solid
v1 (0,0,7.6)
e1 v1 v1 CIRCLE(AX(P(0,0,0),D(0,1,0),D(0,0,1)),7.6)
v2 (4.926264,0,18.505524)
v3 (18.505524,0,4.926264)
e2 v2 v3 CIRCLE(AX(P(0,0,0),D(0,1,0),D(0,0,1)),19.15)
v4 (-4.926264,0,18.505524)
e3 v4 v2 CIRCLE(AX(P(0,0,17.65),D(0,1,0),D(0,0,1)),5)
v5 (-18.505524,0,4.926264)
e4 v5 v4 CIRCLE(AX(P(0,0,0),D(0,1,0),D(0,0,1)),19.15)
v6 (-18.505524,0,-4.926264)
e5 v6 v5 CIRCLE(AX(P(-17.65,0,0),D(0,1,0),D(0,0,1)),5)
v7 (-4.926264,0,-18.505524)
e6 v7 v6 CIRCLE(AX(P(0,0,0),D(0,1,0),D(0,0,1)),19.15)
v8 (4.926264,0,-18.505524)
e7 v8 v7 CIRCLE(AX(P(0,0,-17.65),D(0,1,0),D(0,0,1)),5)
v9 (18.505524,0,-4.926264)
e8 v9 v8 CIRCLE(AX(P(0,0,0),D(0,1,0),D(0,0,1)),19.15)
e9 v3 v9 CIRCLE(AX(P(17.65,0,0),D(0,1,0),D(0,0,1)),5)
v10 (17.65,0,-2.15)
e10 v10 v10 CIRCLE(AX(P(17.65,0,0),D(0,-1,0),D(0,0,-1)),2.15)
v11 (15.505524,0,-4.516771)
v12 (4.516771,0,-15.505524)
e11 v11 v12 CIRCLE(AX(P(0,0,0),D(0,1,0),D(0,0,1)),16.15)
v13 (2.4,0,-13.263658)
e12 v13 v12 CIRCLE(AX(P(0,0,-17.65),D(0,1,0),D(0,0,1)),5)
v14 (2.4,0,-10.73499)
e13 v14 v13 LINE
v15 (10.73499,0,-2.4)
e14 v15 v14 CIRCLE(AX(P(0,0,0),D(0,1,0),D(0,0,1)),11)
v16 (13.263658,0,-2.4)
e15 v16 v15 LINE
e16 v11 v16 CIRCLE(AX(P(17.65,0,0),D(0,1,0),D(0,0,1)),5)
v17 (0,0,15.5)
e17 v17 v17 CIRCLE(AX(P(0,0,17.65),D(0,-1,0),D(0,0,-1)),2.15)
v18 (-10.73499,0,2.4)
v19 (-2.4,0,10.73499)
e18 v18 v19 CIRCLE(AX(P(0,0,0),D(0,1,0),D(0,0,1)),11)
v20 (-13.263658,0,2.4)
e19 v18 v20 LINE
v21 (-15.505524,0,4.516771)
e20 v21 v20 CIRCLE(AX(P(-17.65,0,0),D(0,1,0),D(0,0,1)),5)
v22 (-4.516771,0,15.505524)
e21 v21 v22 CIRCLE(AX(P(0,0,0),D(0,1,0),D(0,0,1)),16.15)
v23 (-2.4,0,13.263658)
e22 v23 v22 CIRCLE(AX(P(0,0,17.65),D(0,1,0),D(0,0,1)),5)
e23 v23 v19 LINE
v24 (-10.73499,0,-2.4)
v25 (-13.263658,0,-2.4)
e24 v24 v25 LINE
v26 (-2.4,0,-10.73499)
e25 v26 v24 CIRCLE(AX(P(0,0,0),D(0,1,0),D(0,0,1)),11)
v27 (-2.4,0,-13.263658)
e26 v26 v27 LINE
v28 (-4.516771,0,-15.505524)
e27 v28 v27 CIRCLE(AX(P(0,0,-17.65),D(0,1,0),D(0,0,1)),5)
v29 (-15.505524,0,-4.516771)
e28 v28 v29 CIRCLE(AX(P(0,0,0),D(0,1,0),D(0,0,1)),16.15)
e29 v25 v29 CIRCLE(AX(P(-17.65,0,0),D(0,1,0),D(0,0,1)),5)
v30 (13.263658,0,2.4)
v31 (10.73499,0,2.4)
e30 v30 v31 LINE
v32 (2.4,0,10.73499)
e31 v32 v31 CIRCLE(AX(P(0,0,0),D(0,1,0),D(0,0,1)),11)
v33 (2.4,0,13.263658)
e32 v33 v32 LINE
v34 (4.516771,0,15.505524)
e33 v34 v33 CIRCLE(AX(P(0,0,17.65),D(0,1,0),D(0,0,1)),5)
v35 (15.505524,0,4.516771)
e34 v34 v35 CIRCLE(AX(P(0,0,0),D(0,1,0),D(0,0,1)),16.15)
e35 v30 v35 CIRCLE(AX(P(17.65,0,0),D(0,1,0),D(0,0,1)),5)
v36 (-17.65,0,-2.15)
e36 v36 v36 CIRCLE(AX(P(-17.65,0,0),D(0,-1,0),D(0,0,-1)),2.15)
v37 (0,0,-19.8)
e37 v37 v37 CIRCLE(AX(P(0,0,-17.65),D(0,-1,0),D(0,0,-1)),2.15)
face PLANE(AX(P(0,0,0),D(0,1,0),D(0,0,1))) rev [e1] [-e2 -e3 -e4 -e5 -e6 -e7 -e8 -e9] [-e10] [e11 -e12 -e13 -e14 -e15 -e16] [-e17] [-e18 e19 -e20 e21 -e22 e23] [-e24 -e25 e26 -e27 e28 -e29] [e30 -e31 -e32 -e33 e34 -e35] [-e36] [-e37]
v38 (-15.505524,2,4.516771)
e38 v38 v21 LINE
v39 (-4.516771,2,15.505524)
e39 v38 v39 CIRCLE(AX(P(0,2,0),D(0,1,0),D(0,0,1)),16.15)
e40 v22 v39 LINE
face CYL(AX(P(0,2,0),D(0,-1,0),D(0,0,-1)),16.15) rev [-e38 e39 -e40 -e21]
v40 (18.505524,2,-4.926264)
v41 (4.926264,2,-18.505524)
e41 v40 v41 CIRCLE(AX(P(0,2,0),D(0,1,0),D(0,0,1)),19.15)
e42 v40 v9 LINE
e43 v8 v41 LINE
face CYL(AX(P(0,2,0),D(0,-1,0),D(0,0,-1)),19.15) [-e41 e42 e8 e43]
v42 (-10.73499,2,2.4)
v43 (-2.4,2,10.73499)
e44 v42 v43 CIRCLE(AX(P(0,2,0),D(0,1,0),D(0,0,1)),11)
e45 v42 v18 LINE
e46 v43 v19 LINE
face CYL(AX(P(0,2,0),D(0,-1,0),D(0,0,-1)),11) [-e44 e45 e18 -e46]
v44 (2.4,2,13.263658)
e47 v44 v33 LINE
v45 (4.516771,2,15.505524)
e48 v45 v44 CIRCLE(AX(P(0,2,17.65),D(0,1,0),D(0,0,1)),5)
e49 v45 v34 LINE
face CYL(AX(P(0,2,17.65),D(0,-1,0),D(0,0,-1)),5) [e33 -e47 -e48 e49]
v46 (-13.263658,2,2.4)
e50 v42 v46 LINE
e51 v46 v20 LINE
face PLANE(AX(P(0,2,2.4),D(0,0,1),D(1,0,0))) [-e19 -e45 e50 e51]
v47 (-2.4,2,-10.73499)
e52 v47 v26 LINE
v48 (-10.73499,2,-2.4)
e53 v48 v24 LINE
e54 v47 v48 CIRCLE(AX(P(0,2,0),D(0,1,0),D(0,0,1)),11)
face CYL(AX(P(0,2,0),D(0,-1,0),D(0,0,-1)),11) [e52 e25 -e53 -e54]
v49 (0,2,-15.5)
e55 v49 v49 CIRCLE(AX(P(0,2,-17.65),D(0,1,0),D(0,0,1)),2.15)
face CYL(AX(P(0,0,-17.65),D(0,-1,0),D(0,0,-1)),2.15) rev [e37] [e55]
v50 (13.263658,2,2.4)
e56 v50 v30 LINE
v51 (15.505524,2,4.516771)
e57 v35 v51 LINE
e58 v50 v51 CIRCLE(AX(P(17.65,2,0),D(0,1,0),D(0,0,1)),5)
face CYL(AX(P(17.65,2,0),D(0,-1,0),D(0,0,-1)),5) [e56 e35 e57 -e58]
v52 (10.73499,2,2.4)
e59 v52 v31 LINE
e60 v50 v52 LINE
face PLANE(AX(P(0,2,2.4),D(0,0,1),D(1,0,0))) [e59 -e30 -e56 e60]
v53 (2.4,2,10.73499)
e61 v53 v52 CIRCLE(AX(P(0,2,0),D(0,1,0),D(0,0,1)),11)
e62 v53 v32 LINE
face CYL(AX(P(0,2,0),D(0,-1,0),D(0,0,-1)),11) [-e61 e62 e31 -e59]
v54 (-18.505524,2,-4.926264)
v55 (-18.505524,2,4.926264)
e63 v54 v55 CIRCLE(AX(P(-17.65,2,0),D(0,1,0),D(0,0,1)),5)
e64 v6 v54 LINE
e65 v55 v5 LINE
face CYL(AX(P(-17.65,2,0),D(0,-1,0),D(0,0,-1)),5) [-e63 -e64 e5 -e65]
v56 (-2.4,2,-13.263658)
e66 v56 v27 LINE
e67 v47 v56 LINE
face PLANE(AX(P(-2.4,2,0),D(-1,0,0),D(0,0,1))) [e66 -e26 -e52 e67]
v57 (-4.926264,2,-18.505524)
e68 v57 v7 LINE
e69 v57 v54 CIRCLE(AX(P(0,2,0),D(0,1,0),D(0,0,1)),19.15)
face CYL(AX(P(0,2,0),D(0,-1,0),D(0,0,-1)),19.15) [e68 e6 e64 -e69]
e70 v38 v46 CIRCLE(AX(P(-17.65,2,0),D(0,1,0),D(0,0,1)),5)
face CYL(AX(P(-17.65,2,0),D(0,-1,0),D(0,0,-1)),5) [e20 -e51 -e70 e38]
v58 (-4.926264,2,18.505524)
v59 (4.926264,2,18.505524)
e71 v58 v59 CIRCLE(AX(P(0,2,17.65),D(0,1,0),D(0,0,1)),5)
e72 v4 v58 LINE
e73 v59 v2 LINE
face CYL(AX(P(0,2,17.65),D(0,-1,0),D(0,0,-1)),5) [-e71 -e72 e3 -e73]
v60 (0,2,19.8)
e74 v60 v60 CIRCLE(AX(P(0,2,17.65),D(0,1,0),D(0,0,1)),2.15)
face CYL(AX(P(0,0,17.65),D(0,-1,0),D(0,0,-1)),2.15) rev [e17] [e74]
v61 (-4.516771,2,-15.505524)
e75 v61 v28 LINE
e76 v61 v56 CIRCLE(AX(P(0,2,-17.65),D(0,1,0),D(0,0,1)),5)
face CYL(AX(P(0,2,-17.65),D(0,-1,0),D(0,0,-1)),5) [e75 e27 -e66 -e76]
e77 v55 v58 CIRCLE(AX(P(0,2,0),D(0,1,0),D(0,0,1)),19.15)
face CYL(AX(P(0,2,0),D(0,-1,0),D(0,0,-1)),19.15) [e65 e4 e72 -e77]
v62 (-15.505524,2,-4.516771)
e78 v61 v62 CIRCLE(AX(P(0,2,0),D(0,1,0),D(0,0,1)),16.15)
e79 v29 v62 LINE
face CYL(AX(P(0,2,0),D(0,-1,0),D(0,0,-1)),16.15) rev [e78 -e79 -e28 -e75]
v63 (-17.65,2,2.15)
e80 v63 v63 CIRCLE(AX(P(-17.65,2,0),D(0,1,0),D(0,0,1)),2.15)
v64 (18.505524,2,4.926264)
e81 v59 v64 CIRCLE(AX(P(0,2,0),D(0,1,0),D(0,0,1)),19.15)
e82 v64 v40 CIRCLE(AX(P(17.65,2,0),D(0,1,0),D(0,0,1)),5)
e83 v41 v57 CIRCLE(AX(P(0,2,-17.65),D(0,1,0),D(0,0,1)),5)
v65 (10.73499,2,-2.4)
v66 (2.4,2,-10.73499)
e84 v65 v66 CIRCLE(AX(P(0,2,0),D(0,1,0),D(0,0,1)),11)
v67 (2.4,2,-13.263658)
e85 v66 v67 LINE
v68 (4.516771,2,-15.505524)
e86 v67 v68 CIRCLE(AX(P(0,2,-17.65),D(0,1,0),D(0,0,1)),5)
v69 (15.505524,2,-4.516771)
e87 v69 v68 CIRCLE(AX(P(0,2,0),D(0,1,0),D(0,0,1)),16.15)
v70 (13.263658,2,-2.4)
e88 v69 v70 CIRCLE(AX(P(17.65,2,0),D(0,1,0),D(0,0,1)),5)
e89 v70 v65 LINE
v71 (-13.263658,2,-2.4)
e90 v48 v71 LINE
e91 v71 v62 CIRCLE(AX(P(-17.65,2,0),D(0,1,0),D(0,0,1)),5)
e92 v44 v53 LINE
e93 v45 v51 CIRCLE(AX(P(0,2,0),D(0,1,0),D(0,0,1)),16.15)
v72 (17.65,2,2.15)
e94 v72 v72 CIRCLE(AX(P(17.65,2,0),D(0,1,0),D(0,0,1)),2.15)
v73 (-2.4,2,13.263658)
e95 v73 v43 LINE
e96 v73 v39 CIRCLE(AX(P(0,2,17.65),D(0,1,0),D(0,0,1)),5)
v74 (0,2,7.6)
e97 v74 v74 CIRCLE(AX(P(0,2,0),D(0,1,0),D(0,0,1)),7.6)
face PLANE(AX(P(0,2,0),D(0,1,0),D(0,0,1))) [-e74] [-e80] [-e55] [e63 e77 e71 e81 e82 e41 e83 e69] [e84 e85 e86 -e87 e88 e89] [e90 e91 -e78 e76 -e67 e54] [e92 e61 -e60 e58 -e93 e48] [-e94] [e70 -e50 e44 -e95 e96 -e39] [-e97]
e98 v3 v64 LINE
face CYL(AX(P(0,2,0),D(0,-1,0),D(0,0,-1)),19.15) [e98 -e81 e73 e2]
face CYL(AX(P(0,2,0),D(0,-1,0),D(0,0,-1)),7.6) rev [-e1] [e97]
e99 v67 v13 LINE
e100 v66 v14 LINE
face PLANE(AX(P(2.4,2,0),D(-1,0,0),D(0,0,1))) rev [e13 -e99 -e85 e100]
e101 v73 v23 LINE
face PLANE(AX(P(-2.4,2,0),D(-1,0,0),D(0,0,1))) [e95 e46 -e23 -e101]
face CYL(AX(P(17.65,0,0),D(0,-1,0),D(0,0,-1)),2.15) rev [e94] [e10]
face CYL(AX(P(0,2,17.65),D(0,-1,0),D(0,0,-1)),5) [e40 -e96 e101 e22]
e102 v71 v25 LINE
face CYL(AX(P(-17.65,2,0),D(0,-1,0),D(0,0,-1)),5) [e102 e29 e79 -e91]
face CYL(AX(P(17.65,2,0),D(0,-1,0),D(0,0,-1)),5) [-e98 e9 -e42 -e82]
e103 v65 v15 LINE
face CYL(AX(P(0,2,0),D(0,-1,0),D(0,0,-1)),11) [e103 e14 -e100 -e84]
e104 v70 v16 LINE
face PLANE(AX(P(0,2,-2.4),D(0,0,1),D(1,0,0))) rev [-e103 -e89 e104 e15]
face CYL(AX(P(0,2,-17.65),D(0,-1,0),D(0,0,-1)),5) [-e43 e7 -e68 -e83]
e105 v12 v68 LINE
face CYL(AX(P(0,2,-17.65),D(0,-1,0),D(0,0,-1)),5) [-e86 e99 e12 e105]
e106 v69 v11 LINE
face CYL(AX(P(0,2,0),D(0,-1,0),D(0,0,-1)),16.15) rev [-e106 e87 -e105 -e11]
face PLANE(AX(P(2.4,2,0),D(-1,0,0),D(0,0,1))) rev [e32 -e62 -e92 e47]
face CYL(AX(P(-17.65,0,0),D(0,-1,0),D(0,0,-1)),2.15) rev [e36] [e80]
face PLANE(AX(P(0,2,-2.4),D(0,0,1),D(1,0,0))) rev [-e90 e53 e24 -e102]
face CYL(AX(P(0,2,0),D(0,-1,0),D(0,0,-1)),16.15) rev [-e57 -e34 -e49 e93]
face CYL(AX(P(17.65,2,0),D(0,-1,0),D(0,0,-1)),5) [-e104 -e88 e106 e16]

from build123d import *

# Parameters (mm, degrees)
SKETCH1_R                = 7.6
BOSS_EXTRUDE1_DEPTH      = 2
M4_CLEARANCE_HOLE1_D     = 4.3
M4_CLEARANCE_HOLE1_DEPTH = 8
M4_CLEARANCE_HOLE1_TIP   = 1.291850331


with BuildPart() as part:
    # Sketch1 → Boss-Extrude1 (new body)
    with BuildSketch(Plane(origin=(0, 0, 0), x_dir=(1, 0, 0), z_dir=(0, 1, 0))):
        with BuildLine():
            ThreePointArc((-4.926264158, -18.505524079), (0, -22.65), (4.926264158, -18.505524079))
            ThreePointArc((4.926264158, -18.505524079), (13.54109486, -13.54109486), (18.505524079, -4.926264158))
            ThreePointArc((18.505524079, -4.926264158), (22.65, 0), (18.505524079, 4.926264158))
            ThreePointArc((18.505524079, 4.926264158), (13.54109486, 13.54109486), (4.926264158, 18.505524079))
            ThreePointArc((4.926264158, 18.505524079), (0, 22.65), (-4.926264158, 18.505524079))
            ThreePointArc((-4.926264158, 18.505524079), (-13.54109486, 13.54109486), (-18.505524079, 4.926264158))
            ThreePointArc((-18.505524079, 4.926264158), (-22.65, 0), (-18.505524079, -4.926264158))
            ThreePointArc((-18.505524079, -4.926264158), (-13.54109486, -13.54109486), (-4.926264158, -18.505524079))
        make_face()
        with BuildLine():
            ThreePointArc((-4.516771305, -15.505524079), (-11.419774516, -11.419774516), (-15.505524079, -4.516771305))
            ThreePointArc((-15.505524079, -4.516771305), (-14.21735127, -3.635508588), (-13.26365756, -2.4))
            Line((-13.26365756, -2.4), (-10.73498952, -2.4))
            ThreePointArc((-10.73498952, -2.4), (-7.778174593, -7.778174593), (-2.4, -10.73498952))
            Line((-2.4, -10.73498952), (-2.4, -13.26365756))
            ThreePointArc((-2.4, -13.26365756), (-3.635508588, -14.21735127), (-4.516771305, -15.505524079))
        make_face(mode=Mode.SUBTRACT)
        with BuildLine():
            ThreePointArc((4.516771305, -15.505524079), (3.635508588, -14.21735127), (2.4, -13.26365756))
            Line((2.4, -13.26365756), (2.4, -10.73498952))
            ThreePointArc((2.4, -10.73498952), (7.778174593, -7.778174593), (10.73498952, -2.4))
            Line((10.73498952, -2.4), (13.26365756, -2.4))
            ThreePointArc((13.26365756, -2.4), (14.21735127, -3.635508588), (15.505524079, -4.516771305))
            ThreePointArc((15.505524079, -4.516771305), (11.419774516, -11.419774516), (4.516771305, -15.505524079))
        make_face(mode=Mode.SUBTRACT)
        with BuildLine():
            Line((-10.73498952, 2.4), (-13.26365756, 2.4))
            ThreePointArc((-13.26365756, 2.4), (-14.21735127, 3.635508588), (-15.505524079, 4.516771305))
            ThreePointArc((-15.505524079, 4.516771305), (-11.419774516, 11.419774516), (-4.516771305, 15.505524079))
            ThreePointArc((-4.516771305, 15.505524079), (-3.635508588, 14.21735127), (-2.4, 13.26365756))
            Line((-2.4, 13.26365756), (-2.4, 10.73498952))
            ThreePointArc((-2.4, 10.73498952), (-7.778174593, 7.778174593), (-10.73498952, 2.4))
        make_face(mode=Mode.SUBTRACT)
        with Locations(Location((0, 0, 0), (0, 0, 270))):
            Circle(SKETCH1_R, mode=Mode.SUBTRACT)
        with BuildLine():
            Line((2.4, 10.73498952), (2.4, 13.26365756))
            ThreePointArc((2.4, 13.26365756), (3.635508588, 14.21735127), (4.516771305, 15.505524079))
            ThreePointArc((4.516771305, 15.505524079), (11.419774516, 11.419774516), (15.505524079, 4.516771305))
            ThreePointArc((15.505524079, 4.516771305), (14.21735127, 3.635508588), (13.26365756, 2.4))
            Line((13.26365756, 2.4), (10.73498952, 2.4))
            ThreePointArc((10.73498952, 2.4), (7.778174593, 7.778174593), (2.4, 10.73498952))
        make_face(mode=Mode.SUBTRACT)
    extrude(amount=BOSS_EXTRUDE1_DEPTH)

    # M4 Clearance Hole1
    with Locations(Plane(origin=(0, 0, 0), x_dir=(-1, 0, 0), z_dir=(0, -1, 0))):
        with Locations((-17.65, 0), (0, 17.65), (17.65, 0), (0, -17.65)):
            Hole(M4_CLEARANCE_HOLE1_D / 2, depth=M4_CLEARANCE_HOLE1_DEPTH)
            with Locations((0, 0, -(M4_CLEARANCE_HOLE1_DEPTH + M4_CLEARANCE_HOLE1_TIP / 2))):  # 118° drill point
                Cone(0, M4_CLEARANCE_HOLE1_D / 2, M4_CLEARANCE_HOLE1_TIP, mode=Mode.SUBTRACT)


solid = part.part
